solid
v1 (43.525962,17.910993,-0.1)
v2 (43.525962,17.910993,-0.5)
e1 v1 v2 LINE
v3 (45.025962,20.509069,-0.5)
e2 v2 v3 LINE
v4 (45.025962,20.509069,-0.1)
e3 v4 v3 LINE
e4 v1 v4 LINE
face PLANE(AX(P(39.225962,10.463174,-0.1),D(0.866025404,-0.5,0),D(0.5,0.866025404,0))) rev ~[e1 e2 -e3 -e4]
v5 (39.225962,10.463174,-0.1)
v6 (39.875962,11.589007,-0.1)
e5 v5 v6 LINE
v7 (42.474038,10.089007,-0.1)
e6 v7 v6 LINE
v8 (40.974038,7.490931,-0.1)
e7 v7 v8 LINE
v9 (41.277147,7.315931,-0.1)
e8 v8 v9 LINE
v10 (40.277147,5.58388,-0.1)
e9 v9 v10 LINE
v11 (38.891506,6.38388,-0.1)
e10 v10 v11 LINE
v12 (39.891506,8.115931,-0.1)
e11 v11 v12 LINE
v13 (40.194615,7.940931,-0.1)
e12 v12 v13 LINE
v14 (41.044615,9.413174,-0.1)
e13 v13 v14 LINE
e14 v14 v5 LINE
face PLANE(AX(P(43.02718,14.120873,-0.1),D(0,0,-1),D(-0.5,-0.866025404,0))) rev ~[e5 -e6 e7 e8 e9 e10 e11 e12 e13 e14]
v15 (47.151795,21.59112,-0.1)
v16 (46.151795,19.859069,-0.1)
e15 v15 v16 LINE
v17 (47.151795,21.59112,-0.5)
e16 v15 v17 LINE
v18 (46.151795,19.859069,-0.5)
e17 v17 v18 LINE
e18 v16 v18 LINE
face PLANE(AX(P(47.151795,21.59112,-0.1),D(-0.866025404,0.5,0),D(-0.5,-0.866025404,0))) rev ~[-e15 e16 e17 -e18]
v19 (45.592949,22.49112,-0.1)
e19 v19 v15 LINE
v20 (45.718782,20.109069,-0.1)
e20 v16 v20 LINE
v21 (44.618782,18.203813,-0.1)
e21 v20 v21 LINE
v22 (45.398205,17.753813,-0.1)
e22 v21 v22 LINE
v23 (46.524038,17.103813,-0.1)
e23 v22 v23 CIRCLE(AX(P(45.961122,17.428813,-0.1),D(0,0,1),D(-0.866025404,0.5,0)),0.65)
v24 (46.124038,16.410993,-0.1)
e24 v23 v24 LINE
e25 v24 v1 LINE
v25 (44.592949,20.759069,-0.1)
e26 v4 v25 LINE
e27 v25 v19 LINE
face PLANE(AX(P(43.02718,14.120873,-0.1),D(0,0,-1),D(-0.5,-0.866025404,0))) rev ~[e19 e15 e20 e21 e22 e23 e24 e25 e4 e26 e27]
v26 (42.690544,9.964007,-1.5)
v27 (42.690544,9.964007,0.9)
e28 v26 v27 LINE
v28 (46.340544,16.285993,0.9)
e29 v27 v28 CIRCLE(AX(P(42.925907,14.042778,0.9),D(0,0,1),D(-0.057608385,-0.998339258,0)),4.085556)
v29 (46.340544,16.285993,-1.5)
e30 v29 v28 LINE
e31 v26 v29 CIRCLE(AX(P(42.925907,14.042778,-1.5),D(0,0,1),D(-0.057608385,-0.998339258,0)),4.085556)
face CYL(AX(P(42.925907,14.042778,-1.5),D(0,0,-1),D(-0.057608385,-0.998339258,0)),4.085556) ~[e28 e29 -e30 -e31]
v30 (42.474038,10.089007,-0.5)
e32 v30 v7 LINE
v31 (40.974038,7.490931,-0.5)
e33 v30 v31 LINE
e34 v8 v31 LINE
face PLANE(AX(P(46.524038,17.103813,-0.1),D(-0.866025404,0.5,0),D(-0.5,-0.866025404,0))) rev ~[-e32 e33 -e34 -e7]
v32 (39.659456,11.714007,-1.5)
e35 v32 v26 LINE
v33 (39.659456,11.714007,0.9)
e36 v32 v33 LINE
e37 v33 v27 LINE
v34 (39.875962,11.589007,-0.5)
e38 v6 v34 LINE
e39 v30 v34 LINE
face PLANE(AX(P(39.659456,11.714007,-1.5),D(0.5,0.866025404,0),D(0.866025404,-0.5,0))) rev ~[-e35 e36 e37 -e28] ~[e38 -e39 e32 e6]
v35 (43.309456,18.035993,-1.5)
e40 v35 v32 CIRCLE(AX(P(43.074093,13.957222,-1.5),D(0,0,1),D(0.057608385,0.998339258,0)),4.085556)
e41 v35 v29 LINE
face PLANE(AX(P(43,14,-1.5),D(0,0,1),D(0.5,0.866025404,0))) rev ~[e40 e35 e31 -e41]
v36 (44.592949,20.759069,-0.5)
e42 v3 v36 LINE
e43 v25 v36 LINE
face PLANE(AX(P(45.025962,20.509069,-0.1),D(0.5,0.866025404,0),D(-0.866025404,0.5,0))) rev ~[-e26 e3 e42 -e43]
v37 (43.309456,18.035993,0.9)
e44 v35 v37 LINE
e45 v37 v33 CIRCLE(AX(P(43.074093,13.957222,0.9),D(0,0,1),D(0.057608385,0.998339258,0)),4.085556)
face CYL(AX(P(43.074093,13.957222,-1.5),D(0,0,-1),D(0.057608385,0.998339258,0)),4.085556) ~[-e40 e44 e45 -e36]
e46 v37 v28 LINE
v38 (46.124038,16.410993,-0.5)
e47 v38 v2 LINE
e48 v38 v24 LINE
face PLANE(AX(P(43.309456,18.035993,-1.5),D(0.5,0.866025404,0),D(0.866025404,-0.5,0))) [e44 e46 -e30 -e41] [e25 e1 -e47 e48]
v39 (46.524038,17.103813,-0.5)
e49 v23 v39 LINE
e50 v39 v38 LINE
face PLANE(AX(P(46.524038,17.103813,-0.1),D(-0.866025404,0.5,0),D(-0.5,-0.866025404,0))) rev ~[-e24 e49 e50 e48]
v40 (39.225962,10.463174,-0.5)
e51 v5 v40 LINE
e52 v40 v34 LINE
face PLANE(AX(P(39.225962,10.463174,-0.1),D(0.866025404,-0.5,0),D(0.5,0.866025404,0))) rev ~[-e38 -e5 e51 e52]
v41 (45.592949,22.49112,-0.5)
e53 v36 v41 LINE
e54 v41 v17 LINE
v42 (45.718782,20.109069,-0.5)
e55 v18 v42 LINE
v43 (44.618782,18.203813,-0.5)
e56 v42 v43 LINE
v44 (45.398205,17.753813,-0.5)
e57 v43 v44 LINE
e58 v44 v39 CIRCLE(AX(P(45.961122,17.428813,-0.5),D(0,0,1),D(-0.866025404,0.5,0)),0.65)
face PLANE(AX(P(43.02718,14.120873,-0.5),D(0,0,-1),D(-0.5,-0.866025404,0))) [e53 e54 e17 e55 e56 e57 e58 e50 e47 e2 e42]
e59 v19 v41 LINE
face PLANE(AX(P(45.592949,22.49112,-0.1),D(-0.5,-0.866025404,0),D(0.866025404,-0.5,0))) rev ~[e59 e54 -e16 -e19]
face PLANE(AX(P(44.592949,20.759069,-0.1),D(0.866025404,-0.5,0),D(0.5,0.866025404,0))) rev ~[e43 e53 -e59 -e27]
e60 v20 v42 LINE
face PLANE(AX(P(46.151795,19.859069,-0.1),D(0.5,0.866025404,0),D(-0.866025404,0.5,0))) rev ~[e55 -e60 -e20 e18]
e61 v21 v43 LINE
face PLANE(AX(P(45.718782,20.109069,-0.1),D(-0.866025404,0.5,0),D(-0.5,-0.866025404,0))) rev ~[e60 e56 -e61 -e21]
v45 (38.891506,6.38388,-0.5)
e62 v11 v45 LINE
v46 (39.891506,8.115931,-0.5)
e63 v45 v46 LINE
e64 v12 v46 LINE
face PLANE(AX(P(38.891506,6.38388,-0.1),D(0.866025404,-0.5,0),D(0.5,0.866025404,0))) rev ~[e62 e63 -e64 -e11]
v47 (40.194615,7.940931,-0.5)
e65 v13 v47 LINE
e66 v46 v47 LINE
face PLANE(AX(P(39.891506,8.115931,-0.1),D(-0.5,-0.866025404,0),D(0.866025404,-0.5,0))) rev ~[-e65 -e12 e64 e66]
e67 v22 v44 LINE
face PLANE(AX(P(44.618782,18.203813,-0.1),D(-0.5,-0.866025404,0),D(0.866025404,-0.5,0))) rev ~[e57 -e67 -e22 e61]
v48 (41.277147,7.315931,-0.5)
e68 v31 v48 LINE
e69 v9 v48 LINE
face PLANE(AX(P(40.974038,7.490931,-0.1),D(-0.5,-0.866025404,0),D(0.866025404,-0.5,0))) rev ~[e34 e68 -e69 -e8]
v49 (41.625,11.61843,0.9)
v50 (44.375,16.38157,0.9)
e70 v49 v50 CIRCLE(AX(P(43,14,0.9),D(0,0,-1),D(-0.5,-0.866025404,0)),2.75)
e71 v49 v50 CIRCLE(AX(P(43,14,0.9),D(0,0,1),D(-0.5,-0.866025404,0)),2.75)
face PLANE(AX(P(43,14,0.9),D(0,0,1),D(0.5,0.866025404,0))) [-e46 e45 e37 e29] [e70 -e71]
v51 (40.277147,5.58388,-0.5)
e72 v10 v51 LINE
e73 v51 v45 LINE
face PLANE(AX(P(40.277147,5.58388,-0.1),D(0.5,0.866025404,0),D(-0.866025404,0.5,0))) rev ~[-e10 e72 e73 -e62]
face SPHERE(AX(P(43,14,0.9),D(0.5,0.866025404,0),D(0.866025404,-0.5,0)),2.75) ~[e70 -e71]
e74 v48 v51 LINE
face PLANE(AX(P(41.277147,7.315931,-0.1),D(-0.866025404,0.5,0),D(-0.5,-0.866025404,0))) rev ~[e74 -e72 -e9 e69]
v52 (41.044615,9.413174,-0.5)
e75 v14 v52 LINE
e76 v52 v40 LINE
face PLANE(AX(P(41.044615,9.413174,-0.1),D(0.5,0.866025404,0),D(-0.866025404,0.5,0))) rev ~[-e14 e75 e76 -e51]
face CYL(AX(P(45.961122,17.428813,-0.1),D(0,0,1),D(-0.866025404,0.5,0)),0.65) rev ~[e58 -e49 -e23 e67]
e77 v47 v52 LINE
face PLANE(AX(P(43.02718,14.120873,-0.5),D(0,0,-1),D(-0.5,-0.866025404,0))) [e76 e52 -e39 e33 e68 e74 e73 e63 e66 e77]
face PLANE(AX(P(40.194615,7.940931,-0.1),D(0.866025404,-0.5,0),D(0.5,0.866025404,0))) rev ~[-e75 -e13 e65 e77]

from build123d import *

# Parameters (mm, degrees)
REVOLUTION004_ANGLE       = -180
PAD021_DEPTH              = 0.4
BODY021_PLACEMENT_ANGLE   = 180
PAD020_DEPTH              = 2.4
FUSION005_PLACEMENT_ANGLE = 60


with BuildPart() as light004:
    # Sketch033 (on Face1 of ShapeBinder009) → Revolution004 (revolve)
    with BuildSketch(Plane.XY.offset(2.4)):
        with BuildLine():
            ThreePointArc((-2.75, 0), (0, -2.75), (2.75, 0))
            Line((-2.75, 0), (2.75, 0))
        make_face()
    revolve(axis=Axis((-2.75, 0, 2.4), (1, 0, 0)), revolution_arc=REVOLUTION004_ANGLE)


with BuildPart() as body021:
    # Sketch034 (on Face1 of ShapeBinder010) → Pad021 (new body)
    with BuildSketch(Plane(origin=(0, 0, 0), x_dir=(1, 0, 0), z_dir=(0, 0, -1))):
        with BuildLine():
            Line((3.65, 1.5), (6.65, 1.5))
            Line((6.65, 1.5), (6.65, 2))
            Line((6.65, 2), (8.65, 2))
            Line((8.65, 2), (8.65, 0.2))
            Line((8.65, 0.2), (6.65, 0.2))
            Line((6.65, 0.2), (6.65, 0.7))
            Line((6.65, 0.7), (4.45, 0.7))
            Line((4.45, 0.7), (4.45, -0.2))
            ThreePointArc((4.45, -0.2), (3.8, -0.85), (4.45, -1.5))
            Line((4.45, -1.5), (-6.65, -1.5))
            Line((-6.65, -1.5), (-6.65, -1.85))
            Line((-6.65, -1.85), (-8.65, -1.85))
            Line((-8.65, -1.85), (-8.65, -0.25))
            Line((-8.65, -0.25), (-6.65, -0.25))
            Line((-6.65, -0.25), (-6.65, -0.6))
            Line((-6.65, -0.6), (-4.95, -0.6))
            Line((-4.95, -0.6), (-4.95, 1.5))
            Line((-4.95, 1.5), (3.65, 1.5))
        make_face()
    extrude(amount=-PAD021_DEPTH)


with BuildPart() as body021_1:
    # Body021 placement: moved
    add(body021.part.moved(Location((0, 0, 1.4))).rotate(Axis((0, 0, 1.4), (1, 0, 0)), BODY021_PLACEMENT_ANGLE))


with BuildPart() as led5:
    # Sketch032 → Pad020 (new body)
    with BuildSketch(Plane.XY):
        with BuildLine():
            Line((-3.65, 1.75), (-3.65, -1.75))
            ThreePointArc((-3.65, -1.75), (0, -4), (3.65, -1.75))
            Line((3.65, 1.75), (3.65, -1.75))
            ThreePointArc((3.65, 1.75), (0, 4), (-3.65, 1.75))
        make_face()
    extrude(amount=PAD020_DEPTH)

    # Fusion005: union light004, Body021
    add(light004.part)
    add(body021_1.part)


with BuildPart() as led5_1:
    # Fusion005 placement: moved
    add(led5.part.moved(Location((43, 14, -1.5))).rotate(Axis((43, 14, -1.5), (0, 0, 1)), FUSION005_PLACEMENT_ANGLE))


solid = led5_1.part
